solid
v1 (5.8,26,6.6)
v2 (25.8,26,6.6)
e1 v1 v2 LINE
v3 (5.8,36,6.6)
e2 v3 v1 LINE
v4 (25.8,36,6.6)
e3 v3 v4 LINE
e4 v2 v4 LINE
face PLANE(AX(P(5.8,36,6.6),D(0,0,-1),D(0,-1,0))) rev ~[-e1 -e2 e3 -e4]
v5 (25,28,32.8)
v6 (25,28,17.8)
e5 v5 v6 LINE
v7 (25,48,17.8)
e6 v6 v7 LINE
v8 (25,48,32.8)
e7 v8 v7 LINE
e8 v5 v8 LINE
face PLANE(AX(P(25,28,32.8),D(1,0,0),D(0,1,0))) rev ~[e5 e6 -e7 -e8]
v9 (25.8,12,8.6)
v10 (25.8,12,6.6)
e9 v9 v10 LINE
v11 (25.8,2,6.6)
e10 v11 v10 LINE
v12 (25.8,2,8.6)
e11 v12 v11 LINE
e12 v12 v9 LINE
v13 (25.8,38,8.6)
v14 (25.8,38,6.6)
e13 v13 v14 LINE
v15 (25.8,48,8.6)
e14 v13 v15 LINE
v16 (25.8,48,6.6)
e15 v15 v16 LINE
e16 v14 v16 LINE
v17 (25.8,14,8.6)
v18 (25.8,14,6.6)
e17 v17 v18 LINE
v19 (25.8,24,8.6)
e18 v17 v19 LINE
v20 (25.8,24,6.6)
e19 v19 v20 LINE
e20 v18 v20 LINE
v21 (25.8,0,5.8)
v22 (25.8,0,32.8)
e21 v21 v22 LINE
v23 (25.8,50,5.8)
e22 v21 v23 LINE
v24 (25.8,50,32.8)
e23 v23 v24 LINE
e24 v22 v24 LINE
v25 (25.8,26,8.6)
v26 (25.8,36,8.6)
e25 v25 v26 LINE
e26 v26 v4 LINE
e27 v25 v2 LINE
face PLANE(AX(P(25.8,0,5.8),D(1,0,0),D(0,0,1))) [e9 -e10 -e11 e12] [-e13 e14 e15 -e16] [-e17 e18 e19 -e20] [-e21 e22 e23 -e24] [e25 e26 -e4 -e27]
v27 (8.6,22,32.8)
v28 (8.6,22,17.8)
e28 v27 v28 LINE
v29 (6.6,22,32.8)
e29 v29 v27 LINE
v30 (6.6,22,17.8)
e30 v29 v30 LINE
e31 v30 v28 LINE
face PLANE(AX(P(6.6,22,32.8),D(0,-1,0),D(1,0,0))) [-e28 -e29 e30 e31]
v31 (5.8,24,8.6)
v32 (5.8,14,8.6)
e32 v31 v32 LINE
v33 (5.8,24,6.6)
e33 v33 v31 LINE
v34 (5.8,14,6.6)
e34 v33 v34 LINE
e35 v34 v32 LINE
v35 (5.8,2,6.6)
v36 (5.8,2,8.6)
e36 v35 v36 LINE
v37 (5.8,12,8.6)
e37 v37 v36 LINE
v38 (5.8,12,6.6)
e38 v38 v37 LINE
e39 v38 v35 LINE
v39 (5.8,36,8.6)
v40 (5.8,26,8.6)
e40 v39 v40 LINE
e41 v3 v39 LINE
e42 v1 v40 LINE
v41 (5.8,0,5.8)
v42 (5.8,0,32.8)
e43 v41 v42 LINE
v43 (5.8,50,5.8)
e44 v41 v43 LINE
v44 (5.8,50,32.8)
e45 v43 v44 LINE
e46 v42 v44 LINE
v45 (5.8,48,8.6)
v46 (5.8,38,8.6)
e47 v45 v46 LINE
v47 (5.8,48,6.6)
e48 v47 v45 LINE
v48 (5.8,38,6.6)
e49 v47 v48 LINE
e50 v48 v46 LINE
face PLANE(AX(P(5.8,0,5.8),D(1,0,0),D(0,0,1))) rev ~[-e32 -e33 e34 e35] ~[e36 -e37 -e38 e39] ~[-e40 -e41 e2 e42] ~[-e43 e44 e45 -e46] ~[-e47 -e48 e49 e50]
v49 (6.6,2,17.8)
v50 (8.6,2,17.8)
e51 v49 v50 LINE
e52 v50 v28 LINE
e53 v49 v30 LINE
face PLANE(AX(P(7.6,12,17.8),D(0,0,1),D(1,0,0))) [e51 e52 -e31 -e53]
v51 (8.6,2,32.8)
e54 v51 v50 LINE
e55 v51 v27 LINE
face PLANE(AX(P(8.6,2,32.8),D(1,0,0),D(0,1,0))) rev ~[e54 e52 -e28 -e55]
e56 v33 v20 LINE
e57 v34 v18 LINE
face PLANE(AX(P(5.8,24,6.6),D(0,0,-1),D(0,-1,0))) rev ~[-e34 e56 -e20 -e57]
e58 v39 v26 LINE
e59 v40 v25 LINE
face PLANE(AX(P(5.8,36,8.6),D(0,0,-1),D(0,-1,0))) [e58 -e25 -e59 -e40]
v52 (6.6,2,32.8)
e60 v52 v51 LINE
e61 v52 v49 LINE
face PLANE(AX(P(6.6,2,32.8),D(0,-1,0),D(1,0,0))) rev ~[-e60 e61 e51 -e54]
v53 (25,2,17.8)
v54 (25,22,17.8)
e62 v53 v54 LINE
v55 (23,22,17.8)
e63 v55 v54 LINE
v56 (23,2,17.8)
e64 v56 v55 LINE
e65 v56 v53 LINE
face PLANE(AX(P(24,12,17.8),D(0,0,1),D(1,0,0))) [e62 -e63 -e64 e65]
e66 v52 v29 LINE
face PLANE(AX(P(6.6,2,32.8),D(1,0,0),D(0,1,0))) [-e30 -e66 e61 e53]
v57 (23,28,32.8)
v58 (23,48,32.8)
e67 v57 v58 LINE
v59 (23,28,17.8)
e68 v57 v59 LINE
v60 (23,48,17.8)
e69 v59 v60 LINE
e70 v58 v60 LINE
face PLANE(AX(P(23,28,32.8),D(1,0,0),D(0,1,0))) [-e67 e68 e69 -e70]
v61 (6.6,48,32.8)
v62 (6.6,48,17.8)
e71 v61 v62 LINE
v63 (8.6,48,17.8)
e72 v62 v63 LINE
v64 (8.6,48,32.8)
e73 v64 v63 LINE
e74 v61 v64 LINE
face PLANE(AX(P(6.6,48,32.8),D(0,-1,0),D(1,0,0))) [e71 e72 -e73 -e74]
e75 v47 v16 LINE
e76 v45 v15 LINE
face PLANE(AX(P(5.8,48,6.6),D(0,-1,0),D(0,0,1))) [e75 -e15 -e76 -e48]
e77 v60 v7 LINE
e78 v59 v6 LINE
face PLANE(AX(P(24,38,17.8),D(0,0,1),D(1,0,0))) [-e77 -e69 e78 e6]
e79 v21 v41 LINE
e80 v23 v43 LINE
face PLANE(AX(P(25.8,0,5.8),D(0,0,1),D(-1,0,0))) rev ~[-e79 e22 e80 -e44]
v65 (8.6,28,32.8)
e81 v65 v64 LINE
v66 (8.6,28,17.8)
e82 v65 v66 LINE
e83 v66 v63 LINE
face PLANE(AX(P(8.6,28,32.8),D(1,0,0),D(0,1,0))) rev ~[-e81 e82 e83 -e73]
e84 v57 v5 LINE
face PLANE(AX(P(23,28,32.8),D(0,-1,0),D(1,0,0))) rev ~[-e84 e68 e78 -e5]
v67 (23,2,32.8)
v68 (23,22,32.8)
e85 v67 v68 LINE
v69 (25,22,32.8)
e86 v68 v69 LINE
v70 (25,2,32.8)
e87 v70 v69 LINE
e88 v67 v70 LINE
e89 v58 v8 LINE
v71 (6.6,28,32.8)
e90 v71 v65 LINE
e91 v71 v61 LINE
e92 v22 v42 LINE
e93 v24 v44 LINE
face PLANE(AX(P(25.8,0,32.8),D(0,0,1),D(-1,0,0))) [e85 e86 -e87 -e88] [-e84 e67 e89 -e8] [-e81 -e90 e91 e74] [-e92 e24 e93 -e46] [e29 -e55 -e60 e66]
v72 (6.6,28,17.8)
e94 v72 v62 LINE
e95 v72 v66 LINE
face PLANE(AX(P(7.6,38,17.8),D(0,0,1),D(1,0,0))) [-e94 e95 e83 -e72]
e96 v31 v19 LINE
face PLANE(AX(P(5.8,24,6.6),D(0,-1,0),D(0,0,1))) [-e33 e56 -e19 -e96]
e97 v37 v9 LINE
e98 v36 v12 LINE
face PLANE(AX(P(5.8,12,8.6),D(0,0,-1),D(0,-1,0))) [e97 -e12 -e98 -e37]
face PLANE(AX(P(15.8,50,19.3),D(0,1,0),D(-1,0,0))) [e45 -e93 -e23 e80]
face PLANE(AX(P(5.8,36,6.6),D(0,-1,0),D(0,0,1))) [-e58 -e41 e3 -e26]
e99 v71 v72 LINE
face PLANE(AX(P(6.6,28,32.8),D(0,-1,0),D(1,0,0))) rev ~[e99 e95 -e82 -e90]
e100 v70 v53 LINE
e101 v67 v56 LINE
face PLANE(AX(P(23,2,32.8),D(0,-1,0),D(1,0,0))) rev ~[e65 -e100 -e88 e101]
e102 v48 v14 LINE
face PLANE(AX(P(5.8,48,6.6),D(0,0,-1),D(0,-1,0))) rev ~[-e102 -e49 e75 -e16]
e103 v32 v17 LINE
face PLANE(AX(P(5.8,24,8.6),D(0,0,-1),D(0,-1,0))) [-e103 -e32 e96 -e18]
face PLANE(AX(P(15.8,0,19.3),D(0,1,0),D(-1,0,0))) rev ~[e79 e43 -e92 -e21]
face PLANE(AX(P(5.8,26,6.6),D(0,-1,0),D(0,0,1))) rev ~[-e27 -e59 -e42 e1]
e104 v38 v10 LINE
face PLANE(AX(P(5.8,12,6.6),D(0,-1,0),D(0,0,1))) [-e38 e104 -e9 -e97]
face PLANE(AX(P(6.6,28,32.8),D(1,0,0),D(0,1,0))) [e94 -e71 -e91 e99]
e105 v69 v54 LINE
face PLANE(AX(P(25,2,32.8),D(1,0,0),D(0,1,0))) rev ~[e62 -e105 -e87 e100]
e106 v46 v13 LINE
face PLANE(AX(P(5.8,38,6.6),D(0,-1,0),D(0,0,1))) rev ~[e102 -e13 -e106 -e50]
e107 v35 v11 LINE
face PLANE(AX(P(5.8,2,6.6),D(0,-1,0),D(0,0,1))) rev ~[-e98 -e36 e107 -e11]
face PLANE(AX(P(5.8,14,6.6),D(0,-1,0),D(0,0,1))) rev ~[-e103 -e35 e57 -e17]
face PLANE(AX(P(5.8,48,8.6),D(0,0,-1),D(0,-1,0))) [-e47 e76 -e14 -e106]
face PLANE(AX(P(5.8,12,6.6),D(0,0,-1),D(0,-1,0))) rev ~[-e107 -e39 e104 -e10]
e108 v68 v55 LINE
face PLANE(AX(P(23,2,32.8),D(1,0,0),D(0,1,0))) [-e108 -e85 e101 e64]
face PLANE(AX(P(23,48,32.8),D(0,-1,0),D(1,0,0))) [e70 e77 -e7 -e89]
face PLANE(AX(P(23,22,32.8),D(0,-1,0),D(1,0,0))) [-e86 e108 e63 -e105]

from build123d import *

# Parameters (mm, degrees)
SKETCH003_W            = 20
SKETCH003_H            = 27
PAD001_DEPTH           = 50
SKETCH004_W            = 10
SKETCH004_H            = 2
POCKET002_DEPTH        = 20.001
LINEARPATTERN002_COUNT = 4
LINEARPATTERN002_PITCH = 12
SKETCH005_W            = 2
SKETCH005_H            = 20
POCKET003_DEPTH        = 15
LINEARPATTERN003_COUNT = 2
LINEARPATTERN003_PITCH = 26


with BuildPart() as part:
    # Sketch003 (on ShapeBinder) → Pad001 (new body)
    with BuildSketch(Plane(origin=(0, 0, 0), x_dir=(-1, 0, 0), z_dir=(0, 1, 0))):
        with Locations((-15.8, 19.3)):
            Rectangle(SKETCH003_W, SKETCH003_H)
    extrude(amount=PAD001_DEPTH)

    # Sketch004 (on Face2 of Pad001) → Pocket002 (cut, through all)
    with BuildSketch(Plane(origin=(5.8, 0, 0), x_dir=(0, -1, 0), z_dir=(-1, 0, 0))):
        with Locations((-7, 7.6)):
            Rectangle(SKETCH004_W, SKETCH004_H)
    pocket002 = extrude(amount=-POCKET002_DEPTH, mode=Mode.SUBTRACT)

    # LinearPattern002: Pocket002 ×4
    with Locations(*[(0, i * LINEARPATTERN002_PITCH, 0) for i in range(1, LINEARPATTERN002_COUNT)]):
        add(pocket002, mode=Mode.SUBTRACT)

    # Sketch005 (on Face1 of LinearPattern002) → Pocket003 (cut)
    with BuildSketch(Plane.XY.offset(32.8)):
        with Locations((7.6, 12)):
            Rectangle(SKETCH005_W, SKETCH005_H)
        with Locations((24, 12)):
            Rectangle(SKETCH005_W, SKETCH005_H)
    pocket003 = extrude(amount=-POCKET003_DEPTH, mode=Mode.SUBTRACT)

    # LinearPattern003: Pocket003 ×2
    with Locations(*[(0, i * LINEARPATTERN003_PITCH, 0) for i in range(1, LINEARPATTERN003_COUNT)]):
        add(pocket003, mode=Mode.SUBTRACT)


solid = part.part
